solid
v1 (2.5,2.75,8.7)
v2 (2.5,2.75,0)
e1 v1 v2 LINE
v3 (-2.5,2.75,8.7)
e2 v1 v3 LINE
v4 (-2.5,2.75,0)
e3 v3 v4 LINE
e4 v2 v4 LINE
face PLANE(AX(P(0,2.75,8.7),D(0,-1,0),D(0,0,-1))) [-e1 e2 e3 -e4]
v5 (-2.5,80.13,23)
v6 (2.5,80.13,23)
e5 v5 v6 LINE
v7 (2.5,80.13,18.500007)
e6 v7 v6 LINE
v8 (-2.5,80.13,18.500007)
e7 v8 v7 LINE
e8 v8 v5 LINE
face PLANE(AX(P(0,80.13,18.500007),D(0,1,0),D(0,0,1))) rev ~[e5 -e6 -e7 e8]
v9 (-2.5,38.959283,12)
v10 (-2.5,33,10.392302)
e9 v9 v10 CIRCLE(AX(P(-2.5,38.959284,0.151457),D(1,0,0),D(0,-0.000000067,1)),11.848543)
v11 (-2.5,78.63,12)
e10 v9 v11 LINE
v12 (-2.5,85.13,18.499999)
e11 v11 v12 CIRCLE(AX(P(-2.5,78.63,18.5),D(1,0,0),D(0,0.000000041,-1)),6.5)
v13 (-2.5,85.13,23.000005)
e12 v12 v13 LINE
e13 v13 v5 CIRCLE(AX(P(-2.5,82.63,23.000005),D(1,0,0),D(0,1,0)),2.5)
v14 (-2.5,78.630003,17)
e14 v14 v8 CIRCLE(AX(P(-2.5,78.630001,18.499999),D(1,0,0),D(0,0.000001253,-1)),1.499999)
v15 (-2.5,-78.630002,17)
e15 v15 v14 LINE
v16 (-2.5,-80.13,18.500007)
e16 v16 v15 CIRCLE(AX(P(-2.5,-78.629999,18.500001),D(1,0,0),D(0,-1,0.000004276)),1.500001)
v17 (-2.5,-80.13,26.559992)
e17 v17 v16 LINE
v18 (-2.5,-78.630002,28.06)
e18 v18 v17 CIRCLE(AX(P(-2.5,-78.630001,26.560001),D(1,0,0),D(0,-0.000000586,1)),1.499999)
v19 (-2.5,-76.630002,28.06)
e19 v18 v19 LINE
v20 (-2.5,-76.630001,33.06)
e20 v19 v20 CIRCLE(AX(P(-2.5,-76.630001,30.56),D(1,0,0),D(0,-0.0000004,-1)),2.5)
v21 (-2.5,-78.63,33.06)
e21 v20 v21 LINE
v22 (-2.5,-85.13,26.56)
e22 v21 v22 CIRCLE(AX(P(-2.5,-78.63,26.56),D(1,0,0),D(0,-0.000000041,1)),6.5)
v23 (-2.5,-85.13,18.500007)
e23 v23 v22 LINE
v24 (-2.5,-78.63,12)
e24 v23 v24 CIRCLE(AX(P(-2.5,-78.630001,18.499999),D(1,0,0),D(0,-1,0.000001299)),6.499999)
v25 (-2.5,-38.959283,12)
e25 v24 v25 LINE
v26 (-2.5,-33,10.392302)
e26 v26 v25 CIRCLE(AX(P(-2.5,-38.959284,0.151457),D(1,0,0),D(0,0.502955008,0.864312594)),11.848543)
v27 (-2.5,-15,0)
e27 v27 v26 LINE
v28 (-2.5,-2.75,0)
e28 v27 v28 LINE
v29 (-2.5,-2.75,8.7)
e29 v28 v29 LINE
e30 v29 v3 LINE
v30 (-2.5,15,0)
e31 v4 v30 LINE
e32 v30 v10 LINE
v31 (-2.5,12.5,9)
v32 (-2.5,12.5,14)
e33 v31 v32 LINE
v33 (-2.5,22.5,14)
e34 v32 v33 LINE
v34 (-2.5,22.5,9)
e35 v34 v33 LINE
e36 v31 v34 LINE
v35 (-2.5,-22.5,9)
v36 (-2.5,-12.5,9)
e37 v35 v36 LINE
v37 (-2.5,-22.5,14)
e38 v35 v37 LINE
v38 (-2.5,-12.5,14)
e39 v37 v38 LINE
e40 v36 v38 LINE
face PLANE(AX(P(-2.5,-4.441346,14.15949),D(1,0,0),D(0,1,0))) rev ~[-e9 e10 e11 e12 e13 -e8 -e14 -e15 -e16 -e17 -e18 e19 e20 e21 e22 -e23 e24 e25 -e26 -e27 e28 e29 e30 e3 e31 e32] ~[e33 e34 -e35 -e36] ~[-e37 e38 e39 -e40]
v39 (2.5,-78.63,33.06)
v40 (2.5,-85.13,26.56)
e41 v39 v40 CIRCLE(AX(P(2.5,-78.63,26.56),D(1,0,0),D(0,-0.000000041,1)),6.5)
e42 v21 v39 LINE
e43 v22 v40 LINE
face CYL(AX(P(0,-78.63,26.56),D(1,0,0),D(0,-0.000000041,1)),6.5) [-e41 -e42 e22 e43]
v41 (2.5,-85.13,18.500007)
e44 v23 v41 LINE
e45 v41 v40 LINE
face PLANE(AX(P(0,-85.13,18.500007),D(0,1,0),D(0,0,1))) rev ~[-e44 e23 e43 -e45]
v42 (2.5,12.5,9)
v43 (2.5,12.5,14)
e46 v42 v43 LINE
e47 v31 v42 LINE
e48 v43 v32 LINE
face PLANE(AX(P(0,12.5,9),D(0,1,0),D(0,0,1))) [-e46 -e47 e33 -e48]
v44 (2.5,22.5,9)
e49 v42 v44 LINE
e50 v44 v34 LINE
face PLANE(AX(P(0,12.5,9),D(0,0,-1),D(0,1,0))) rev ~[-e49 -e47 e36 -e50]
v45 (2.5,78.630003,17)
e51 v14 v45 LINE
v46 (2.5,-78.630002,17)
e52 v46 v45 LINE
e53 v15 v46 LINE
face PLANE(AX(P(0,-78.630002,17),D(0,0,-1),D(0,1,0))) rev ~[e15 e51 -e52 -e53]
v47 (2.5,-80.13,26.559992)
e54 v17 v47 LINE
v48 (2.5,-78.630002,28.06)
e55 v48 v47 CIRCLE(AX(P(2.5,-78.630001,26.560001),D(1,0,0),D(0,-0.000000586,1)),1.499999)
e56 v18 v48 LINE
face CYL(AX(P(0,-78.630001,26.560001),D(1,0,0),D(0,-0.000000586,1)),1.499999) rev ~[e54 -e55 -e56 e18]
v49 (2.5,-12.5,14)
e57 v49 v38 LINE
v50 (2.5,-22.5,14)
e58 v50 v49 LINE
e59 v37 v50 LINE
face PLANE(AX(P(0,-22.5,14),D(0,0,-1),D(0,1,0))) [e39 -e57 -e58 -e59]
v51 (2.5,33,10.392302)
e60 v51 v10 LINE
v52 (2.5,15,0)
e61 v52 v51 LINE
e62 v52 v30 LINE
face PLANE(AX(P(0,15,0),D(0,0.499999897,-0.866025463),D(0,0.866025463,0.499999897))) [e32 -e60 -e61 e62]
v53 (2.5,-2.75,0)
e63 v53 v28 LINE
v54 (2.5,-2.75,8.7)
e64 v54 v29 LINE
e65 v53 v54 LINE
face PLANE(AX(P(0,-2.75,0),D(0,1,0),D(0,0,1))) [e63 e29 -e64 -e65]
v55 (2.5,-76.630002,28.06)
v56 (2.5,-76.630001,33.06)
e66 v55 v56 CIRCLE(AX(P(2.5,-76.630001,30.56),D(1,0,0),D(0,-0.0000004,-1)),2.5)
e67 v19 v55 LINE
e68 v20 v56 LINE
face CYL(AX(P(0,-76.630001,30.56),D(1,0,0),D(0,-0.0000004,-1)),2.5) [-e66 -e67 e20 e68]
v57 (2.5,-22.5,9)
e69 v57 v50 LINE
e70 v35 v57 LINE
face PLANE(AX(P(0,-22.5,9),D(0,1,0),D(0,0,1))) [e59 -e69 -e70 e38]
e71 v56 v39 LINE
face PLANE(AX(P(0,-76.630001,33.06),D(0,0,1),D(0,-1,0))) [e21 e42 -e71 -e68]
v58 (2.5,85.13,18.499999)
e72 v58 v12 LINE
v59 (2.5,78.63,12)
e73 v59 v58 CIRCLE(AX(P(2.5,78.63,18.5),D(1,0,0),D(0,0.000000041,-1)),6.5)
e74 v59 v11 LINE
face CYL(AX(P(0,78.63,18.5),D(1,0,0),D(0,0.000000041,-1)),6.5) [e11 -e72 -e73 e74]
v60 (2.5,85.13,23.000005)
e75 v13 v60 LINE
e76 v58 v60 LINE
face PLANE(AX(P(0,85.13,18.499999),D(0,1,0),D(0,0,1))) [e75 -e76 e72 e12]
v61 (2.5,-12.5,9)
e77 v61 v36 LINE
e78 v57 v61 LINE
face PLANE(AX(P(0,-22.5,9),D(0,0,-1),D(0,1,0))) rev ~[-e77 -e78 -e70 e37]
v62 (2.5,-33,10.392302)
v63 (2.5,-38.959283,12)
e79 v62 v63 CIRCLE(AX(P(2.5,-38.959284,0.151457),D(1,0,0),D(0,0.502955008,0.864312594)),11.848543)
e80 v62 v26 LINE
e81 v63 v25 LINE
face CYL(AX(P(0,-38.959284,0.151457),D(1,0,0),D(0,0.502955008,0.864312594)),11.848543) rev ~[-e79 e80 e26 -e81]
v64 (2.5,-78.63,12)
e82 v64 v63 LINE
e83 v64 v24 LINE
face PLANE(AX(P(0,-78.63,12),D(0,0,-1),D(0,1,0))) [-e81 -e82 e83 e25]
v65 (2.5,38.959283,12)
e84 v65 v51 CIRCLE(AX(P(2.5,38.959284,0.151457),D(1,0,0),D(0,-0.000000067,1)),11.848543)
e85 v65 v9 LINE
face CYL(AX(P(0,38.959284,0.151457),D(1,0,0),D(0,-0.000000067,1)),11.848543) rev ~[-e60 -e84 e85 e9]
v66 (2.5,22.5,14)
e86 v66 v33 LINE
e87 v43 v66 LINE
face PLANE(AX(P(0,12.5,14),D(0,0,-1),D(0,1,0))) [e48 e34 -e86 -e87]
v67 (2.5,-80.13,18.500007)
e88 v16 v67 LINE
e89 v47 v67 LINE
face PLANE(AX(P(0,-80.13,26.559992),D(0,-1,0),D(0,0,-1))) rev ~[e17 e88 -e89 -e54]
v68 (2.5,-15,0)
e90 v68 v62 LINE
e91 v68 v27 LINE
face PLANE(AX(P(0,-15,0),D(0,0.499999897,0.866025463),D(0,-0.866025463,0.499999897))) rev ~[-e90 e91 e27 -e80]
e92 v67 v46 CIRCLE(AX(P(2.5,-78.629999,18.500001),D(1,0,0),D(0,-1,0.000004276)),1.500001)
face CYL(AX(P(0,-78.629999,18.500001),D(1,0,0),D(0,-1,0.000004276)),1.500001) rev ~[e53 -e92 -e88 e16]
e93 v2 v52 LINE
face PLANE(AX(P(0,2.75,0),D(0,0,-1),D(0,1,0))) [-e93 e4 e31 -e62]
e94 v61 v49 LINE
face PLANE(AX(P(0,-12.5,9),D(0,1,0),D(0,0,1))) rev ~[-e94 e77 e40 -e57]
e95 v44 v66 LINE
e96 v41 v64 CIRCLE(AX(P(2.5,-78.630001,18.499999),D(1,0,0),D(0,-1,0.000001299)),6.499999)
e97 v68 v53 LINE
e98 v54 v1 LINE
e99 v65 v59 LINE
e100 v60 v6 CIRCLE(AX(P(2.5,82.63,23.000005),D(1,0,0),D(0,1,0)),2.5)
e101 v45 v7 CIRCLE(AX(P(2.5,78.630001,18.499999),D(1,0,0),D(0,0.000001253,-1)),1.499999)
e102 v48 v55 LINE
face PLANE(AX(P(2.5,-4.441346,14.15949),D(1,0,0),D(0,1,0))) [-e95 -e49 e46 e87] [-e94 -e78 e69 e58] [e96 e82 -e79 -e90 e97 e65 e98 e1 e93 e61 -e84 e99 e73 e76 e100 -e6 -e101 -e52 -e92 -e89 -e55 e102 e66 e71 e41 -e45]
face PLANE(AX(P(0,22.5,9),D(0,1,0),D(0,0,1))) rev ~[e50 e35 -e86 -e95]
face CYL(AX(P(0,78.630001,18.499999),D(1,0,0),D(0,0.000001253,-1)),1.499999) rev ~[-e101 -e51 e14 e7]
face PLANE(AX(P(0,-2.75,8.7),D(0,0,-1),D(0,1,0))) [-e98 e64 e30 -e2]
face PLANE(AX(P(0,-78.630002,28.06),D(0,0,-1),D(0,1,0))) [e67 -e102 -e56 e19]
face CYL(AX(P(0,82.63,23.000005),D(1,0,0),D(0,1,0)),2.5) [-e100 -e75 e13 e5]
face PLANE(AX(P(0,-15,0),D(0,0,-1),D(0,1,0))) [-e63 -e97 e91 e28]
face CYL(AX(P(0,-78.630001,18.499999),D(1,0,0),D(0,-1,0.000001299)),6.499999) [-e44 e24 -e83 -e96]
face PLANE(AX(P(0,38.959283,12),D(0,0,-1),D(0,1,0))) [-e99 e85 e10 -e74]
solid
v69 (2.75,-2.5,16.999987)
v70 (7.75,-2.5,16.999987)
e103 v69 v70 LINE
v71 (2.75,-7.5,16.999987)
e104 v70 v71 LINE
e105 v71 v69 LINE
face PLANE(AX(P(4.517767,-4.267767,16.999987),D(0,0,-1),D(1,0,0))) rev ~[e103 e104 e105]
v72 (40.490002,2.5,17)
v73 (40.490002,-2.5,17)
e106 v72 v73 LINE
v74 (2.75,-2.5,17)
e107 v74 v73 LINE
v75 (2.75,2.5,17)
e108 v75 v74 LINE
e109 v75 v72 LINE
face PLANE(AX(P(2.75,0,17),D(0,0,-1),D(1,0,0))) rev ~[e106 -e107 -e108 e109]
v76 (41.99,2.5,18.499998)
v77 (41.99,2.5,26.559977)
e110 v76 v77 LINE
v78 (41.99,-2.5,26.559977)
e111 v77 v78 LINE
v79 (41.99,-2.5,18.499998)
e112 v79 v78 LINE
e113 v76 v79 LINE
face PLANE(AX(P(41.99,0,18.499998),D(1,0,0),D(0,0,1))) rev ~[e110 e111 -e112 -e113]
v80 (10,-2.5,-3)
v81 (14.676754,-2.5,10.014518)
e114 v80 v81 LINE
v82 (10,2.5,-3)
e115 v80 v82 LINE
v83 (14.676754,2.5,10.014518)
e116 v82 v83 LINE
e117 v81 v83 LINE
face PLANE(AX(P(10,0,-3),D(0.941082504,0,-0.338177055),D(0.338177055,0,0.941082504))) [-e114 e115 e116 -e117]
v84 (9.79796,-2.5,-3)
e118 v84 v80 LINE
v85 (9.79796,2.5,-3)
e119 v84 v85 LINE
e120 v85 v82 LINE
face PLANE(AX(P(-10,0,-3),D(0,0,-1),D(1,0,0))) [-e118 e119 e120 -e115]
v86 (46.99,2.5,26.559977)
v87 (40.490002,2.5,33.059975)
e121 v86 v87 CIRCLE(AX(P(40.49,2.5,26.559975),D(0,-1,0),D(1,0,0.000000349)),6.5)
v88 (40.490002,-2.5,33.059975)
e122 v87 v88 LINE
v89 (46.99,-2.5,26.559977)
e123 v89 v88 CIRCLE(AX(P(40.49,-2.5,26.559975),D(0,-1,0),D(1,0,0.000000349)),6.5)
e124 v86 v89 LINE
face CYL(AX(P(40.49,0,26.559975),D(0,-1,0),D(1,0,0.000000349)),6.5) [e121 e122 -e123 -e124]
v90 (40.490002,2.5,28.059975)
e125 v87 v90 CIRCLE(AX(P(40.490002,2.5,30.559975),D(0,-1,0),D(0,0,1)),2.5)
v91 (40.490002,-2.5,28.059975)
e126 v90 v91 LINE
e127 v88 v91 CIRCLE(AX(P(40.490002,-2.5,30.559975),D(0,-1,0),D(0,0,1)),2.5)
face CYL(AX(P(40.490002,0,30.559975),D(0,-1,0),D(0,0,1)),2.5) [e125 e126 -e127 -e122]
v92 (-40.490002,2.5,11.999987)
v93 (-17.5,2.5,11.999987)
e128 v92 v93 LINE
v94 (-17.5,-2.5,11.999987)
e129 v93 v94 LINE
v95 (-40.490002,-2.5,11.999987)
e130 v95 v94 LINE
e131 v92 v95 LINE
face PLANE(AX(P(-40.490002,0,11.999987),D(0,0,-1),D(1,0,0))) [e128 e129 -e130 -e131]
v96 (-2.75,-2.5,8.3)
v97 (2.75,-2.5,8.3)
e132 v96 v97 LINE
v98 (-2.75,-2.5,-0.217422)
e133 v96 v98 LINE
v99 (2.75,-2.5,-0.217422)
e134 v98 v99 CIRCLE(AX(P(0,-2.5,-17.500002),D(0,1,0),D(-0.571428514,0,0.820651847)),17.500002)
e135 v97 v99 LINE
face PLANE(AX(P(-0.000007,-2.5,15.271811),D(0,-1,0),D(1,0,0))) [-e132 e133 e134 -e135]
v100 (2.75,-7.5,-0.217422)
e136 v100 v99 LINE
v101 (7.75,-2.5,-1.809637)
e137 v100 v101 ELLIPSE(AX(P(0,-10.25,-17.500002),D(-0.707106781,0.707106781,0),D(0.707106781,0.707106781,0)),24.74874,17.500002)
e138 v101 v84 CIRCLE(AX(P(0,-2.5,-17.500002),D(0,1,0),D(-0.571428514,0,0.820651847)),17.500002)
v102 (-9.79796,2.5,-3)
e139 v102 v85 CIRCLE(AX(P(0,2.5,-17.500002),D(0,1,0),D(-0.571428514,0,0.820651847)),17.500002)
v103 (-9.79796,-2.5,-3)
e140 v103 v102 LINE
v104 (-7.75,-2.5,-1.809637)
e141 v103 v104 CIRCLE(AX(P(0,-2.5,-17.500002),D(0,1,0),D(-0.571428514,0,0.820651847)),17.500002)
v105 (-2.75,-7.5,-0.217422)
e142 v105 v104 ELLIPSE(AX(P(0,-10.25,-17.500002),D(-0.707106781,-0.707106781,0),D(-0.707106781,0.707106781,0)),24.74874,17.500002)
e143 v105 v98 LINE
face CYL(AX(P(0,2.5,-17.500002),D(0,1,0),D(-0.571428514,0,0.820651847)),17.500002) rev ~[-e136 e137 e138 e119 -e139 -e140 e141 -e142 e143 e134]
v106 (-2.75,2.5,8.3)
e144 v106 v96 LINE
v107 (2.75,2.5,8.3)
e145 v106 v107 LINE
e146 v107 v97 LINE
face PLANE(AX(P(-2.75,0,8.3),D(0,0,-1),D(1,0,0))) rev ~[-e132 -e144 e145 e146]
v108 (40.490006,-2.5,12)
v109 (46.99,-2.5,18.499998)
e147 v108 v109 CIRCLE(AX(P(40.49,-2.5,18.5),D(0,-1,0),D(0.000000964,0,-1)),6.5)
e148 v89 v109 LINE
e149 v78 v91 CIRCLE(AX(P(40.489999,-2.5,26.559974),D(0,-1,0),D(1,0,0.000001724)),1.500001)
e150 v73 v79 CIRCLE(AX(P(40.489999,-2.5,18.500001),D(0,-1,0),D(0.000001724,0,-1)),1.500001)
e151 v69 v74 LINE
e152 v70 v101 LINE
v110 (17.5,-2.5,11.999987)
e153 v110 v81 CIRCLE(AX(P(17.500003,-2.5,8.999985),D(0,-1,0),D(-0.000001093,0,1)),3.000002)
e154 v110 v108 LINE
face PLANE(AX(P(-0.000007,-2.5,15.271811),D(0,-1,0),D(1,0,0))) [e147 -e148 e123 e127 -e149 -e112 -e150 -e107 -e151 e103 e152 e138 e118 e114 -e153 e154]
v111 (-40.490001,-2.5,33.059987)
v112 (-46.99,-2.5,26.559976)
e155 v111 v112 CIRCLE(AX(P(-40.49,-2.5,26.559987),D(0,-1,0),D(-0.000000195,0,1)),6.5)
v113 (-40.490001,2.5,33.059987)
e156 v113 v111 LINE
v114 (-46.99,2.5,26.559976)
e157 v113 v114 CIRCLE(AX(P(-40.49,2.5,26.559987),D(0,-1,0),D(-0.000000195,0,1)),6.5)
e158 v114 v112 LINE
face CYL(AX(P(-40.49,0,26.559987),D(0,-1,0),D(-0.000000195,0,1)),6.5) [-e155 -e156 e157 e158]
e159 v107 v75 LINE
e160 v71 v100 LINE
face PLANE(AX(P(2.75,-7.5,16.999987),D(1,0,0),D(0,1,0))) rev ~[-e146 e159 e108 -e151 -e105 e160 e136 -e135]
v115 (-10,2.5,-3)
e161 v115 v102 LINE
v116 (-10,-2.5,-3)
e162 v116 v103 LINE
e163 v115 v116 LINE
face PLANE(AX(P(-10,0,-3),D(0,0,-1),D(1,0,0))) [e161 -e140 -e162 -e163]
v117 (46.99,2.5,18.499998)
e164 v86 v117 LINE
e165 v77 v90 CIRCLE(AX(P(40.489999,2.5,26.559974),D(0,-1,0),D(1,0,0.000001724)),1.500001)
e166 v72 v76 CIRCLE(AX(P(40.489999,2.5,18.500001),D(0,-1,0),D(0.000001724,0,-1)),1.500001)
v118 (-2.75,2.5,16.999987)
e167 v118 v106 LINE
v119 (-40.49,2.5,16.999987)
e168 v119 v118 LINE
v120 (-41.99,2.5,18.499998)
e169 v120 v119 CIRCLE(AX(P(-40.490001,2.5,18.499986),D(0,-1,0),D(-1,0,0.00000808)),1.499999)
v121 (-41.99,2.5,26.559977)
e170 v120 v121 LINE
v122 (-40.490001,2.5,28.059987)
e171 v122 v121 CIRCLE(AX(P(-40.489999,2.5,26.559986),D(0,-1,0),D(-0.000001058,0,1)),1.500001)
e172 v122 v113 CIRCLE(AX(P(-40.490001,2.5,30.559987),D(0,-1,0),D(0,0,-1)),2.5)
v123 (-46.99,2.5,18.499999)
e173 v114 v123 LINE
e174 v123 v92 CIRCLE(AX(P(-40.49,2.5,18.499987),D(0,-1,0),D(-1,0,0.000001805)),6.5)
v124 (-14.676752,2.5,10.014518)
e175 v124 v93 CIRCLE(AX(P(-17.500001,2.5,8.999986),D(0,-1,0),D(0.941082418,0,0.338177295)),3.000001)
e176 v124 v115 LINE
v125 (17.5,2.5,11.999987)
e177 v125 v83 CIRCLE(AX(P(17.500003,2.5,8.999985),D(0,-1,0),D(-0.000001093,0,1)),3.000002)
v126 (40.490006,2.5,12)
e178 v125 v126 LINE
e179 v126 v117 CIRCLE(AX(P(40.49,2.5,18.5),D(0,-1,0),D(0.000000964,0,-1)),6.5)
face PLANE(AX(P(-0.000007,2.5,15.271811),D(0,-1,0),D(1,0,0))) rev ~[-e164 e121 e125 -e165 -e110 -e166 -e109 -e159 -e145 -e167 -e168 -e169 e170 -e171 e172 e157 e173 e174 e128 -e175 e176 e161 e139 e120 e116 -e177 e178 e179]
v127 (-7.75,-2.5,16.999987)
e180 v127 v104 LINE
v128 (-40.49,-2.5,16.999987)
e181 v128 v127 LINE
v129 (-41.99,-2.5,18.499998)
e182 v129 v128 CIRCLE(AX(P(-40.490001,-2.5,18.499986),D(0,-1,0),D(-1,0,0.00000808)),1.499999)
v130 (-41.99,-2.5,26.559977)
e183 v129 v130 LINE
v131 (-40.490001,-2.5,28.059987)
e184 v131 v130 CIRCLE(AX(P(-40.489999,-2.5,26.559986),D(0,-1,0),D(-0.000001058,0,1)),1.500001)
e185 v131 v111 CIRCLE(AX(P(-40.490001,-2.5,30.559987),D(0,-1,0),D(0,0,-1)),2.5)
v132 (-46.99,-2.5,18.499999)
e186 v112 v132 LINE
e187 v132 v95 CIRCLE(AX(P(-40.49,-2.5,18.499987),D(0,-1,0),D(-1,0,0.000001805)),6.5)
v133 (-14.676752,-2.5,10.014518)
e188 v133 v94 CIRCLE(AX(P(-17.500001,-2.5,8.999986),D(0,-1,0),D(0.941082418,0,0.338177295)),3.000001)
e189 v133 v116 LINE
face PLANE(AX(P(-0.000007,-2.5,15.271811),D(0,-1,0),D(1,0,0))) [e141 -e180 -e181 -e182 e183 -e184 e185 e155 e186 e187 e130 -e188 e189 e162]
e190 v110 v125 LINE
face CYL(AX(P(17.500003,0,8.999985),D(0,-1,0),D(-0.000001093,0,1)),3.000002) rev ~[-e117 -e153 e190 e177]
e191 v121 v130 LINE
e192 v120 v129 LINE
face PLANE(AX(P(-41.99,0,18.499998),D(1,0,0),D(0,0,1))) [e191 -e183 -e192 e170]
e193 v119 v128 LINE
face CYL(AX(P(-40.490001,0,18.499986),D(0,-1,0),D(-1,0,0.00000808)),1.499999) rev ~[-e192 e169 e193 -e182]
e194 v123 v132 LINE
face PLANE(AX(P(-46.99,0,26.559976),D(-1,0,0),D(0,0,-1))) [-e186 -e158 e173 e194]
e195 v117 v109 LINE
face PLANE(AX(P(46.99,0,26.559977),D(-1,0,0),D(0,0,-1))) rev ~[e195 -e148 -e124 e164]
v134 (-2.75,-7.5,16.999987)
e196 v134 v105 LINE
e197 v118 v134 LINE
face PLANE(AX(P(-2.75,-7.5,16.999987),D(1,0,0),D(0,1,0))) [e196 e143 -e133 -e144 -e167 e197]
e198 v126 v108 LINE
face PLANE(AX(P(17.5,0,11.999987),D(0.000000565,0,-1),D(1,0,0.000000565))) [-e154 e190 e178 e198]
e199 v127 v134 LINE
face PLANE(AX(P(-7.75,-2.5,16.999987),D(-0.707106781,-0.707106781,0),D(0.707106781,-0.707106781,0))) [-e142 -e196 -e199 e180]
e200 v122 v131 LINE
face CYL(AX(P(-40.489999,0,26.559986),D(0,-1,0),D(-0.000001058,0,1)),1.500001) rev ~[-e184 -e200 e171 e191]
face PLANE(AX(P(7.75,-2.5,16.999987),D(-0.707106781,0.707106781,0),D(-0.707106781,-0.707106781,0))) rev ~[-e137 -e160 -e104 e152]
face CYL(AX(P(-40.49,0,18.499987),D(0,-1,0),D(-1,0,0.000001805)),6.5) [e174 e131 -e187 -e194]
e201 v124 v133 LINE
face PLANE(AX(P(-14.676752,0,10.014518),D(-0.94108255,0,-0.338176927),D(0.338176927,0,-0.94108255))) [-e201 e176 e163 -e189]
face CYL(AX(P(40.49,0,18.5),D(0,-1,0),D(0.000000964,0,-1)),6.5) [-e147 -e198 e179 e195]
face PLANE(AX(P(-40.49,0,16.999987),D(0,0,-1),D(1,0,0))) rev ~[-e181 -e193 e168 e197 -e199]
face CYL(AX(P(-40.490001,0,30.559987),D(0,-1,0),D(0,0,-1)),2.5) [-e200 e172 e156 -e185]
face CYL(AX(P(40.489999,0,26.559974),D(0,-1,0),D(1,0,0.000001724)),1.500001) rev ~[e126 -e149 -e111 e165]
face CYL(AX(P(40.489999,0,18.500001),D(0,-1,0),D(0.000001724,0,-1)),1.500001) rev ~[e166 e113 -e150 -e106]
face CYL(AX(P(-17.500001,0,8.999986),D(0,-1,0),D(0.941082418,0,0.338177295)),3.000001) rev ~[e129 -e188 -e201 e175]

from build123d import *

# Parameters (mm, degrees)
SKETCH_W     = 10
SKETCH_H     = 5
PAD_DEPTH    = 2.5
PAD001_DEPTH = 2.5
PAD002_DEPTH = 20
POCKET_DEPTH = 10


with BuildPart() as vertical:
    # Sketch → Pad (new body, symmetric)
    with BuildSketch(Plane.YZ):
        with BuildLine():
            Line((85.13, 18.499999), (85.13, 23.000005))
            ThreePointArc((85.13, 23.000005), (82.629997, 25.500005), (80.13, 23))
            Line((80.13, 18.500007), (80.13, 23))
            ThreePointArc((78.630003, 17), (79.690664, 17.439343), (80.13, 18.500007))
            Line((-78.630002, 17), (78.630003, 17))
            ThreePointArc((-80.13, 18.500007), (-79.690663, 17.439343), (-78.630002, 17))
            Line((-80.13, 26.559992), (-80.13, 18.500007))
            ThreePointArc((-78.630002, 28.06), (-79.690664, 27.620657), (-80.13, 26.559992))
            Line((-78.630002, 28.06), (-76.630002, 28.06))
            ThreePointArc((-76.630002, 28.06), (-74.130001, 30.56), (-76.630001, 33.06))
            Line((-76.630001, 33.06), (-78.63, 33.06))
            ThreePointArc((-78.63, 33.06), (-83.226194, 31.156194), (-85.13, 26.56))
            Line((-85.13, 18.500007), (-85.13, 26.56))
            ThreePointArc((-85.13, 18.500007), (-83.226197, 13.903808), (-78.63, 12))
            Line((-78.63, 12), (-38.959283, 12))
            ThreePointArc((-33, 10.392302), (-35.873115, 11.591017), (-38.959283, 12))
            Line((-15, 0), (-33, 10.392302))
            Line((-15, 0), (-2.75, 0))
            Line((-2.75, 0), (-2.75, 8.7))
            Line((-2.75, 8.7), (2.75, 8.7))
            Line((2.75, 8.7), (2.75, 0))
            Line((2.75, 0), (15, 0))
            Line((15, 0), (33, 10.392302))
            ThreePointArc((38.959283, 12), (35.873115, 11.591017), (33, 10.392302))
            Line((38.959283, 12), (78.63, 12))
            ThreePointArc((78.63, 12), (83.226194, 13.903806), (85.13, 18.499999))
        make_face()
        with Locations((-17.5, 11.5)):
            Rectangle(SKETCH_W, SKETCH_H, mode=Mode.SUBTRACT)
        with Locations((17.5, 11.5)):
            Rectangle(SKETCH_W, SKETCH_H, mode=Mode.SUBTRACT)
    extrude(amount=PAD_DEPTH, both=True)


with BuildPart() as fusion:
    # Sketch001 → Pad001 (new body, symmetric)
    with BuildSketch(Plane.XZ):
        with BuildLine():
            Line((17.5, 11.999987), (40.490006, 12))
            ThreePointArc((40.490006, 12), (45.086195, 13.903807), (46.99, 18.499998))
            Line((46.99, 26.559977), (46.99, 18.499998))
            ThreePointArc((46.99, 26.559977), (45.086194, 31.156169), (40.490002, 33.059975))
            ThreePointArc((40.490002, 33.059975), (37.990002, 30.559975), (40.490002, 28.059975))
            ThreePointArc((41.99, 26.559977), (41.55066, 27.620635), (40.490002, 28.059975))
            Line((41.99, 18.499998), (41.99, 26.559977))
            ThreePointArc((40.490002, 17), (41.55066, 17.43934), (41.99, 18.499998))
            Line((2.75, 17), (40.490002, 17))
            Line((2.75, 8.3), (2.75, 17))
            Line((-2.75, 8.3), (2.75, 8.3))
            Line((-2.75, 16.999987), (-2.75, 8.3))
            Line((-40.49, 16.999987), (-2.75, 16.999987))
            ThreePointArc((-41.99, 18.499998), (-41.550664, 17.43933), (-40.49, 16.999987))
            Line((-41.99, 18.499998), (-41.99, 26.559977))
            ThreePointArc((-40.490001, 28.059987), (-41.550664, 27.620643), (-41.99, 26.559977))
            ThreePointArc((-40.490001, 28.059987), (-37.990001, 30.559987), (-40.490001, 33.059987))
            ThreePointArc((-40.490001, 33.059987), (-45.086198, 31.156177), (-46.99, 26.559976))
            Line((-46.99, 26.559976), (-46.99, 18.499999))
            ThreePointArc((-46.99, 18.499999), (-45.086199, 13.903798), (-40.490002, 11.999987))
            Line((-40.490002, 11.999987), (-17.5, 11.999987))
            ThreePointArc((-14.676752, 10.014518), (-15.774253, 11.453922), (-17.5, 11.999987))
            Line((-14.676752, 10.014518), (-10, -3))
            Line((-10, -3), (10, -3))
            Line((10, -3), (14.676754, 10.014518))
            ThreePointArc((17.5, 11.999987), (15.774254, 11.453921), (14.676754, 10.014518))
        make_face()
    extrude(amount=PAD001_DEPTH, both=True)

    # Sketch002 → Pad002 (new body)
    with BuildSketch(Plane(origin=(0, 0, 16.999987), x_dir=(-1, 0, 0), z_dir=(0, 0, 1))):
        Polygon((-7.75, 2.5), (-2.75, 7.5), (-2.75, 2.5), align=None)
        Polygon((2.75, 7.5), (2.75, 2.5), (7.75, 2.5), align=None)
    extrude(amount=-PAD002_DEPTH)

    # Sketch003 → Pocket (cut)
    with BuildSketch(Plane(origin=(0, 2.5, 0), x_dir=(1, 0, 0), z_dir=(0, 1, 0))):
        with BuildLine():
            ThreePointArc((-10, 3.138593), (0, 0), (10, 3.138593))
            Line((-10, 3.138593), (10, 3.138593))
        make_face()
    extrude(amount=-POCKET_DEPTH, mode=Mode.SUBTRACT)

    # Fusion: union Vertical
    add(vertical.part)


solid = fusion.part
